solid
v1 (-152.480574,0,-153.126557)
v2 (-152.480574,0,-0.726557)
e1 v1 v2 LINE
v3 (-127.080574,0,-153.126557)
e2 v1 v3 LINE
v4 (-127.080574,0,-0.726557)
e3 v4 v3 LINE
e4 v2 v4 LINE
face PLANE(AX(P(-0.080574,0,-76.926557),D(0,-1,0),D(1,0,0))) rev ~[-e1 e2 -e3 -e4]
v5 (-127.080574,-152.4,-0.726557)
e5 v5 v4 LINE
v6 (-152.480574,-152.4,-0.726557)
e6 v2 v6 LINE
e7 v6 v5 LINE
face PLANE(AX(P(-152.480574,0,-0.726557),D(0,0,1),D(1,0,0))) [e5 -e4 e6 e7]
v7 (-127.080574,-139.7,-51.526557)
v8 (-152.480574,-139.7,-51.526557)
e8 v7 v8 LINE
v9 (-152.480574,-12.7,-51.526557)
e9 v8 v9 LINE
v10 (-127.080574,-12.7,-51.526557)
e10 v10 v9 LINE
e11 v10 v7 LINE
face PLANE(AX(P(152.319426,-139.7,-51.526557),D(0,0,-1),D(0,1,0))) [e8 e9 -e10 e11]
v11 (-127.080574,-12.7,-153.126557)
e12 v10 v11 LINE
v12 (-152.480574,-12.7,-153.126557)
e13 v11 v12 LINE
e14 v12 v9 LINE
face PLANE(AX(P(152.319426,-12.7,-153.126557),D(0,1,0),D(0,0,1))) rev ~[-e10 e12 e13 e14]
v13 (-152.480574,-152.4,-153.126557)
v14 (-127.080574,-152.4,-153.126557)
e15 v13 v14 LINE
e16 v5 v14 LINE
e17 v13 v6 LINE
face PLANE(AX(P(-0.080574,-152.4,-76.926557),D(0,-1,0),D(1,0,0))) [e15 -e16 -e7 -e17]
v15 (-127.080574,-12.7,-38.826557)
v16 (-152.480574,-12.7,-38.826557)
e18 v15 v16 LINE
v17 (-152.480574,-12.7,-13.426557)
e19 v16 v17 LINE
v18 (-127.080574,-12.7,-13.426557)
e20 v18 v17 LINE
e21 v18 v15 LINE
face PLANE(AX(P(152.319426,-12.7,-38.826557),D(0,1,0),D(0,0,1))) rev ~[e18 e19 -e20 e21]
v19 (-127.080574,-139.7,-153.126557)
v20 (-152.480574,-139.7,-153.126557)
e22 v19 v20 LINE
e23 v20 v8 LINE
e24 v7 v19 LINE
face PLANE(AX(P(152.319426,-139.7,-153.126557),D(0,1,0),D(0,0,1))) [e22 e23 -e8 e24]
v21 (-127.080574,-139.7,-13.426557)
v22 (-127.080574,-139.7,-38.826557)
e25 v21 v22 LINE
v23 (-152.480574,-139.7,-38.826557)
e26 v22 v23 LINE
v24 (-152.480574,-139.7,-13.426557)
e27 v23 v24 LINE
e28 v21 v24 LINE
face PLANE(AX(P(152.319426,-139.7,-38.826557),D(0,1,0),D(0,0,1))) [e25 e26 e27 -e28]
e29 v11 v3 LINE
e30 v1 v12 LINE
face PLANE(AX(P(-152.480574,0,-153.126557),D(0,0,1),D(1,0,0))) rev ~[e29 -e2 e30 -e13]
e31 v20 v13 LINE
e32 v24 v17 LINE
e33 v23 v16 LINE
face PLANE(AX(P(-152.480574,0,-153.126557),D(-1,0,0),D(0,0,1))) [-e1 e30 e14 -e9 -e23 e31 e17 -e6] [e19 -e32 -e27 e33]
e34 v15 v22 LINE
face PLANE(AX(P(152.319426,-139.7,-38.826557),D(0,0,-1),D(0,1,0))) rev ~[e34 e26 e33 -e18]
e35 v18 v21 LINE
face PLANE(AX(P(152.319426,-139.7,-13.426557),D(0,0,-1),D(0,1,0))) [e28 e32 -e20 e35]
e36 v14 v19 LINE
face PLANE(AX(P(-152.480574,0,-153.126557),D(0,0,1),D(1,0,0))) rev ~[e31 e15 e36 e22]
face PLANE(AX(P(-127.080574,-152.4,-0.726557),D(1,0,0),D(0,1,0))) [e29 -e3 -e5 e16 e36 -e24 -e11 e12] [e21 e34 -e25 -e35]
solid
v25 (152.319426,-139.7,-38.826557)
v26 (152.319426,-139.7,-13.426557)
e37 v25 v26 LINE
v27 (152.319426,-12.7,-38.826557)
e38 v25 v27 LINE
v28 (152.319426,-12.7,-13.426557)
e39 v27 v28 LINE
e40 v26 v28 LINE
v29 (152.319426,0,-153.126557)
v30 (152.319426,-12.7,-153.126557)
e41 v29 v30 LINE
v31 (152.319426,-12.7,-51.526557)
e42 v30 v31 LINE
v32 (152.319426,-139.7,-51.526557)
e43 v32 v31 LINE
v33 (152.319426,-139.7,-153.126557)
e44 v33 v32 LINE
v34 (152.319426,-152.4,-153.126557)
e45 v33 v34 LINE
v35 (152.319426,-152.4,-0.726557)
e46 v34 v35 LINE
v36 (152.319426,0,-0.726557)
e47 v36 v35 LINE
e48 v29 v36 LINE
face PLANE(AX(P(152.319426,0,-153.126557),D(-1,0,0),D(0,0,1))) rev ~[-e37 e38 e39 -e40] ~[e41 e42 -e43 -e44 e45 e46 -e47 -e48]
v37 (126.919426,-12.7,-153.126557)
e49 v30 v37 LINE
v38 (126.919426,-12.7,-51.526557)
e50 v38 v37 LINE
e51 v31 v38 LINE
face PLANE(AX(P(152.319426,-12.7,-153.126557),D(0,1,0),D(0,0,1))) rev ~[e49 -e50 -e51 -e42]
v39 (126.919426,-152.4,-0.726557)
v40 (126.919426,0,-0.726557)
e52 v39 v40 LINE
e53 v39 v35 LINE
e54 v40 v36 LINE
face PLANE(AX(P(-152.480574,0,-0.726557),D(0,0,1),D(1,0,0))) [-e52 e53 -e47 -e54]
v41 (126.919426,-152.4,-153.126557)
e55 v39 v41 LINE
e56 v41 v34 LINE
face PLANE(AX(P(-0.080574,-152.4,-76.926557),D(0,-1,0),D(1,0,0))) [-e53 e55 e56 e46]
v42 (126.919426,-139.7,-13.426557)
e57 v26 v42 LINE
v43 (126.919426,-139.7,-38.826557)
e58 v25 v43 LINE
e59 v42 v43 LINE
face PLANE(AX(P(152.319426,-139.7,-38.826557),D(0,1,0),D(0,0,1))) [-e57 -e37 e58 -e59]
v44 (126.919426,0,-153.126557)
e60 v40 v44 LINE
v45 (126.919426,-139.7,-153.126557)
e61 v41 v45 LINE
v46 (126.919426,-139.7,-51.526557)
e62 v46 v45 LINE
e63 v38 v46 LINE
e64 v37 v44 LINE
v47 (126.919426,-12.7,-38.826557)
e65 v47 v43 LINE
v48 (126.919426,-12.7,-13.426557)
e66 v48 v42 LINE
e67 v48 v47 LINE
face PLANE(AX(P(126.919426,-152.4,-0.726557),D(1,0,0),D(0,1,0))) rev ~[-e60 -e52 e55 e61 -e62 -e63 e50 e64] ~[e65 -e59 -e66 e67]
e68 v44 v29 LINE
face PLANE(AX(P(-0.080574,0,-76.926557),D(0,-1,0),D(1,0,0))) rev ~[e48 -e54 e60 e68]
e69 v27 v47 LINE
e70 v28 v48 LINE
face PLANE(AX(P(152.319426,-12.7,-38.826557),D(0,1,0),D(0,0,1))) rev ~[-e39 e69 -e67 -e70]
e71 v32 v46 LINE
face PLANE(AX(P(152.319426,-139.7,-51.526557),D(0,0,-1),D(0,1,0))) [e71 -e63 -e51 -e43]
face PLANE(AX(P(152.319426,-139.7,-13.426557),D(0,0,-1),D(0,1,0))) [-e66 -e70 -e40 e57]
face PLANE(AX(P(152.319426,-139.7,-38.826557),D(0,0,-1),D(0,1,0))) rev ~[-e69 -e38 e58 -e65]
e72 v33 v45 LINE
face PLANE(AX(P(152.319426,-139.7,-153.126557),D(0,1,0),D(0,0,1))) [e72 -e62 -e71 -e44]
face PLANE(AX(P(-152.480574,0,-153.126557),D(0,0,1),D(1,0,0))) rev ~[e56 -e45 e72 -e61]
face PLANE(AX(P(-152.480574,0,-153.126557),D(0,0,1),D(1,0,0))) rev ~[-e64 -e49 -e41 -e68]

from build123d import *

# Parameters (mm, degrees)
F0_W     = 304.8
F0_H     = 152.4
F1_DEPTH = 152.4
F2_W     = 127
F2_H     = 101.6
F2_H_2   = 25.4
F3_DEPTH = 304.8
F4_W     = 254
F4_H     = 152.4
F5_DEPTH = 152.4


with BuildPart() as f1:
    # F0 (on Front) → F1 (new body)
    with BuildSketch(Plane.XZ):
        with Locations((-0.0805743039, -76.9265565288)):
            Rectangle(F0_W, F0_H)
    extrude(amount=F1_DEPTH)

    # F2 (on face) → F3 (cut)
    with BuildSketch(Plane.YZ.offset(152.3194256961)):
        with Locations((-76.2, -102.3265565288)):
            Rectangle(F2_W, F2_H)
        with Locations((-76.2, -26.1265565288)):
            Rectangle(F2_W, F2_H_2)
    extrude(amount=-F3_DEPTH, mode=Mode.SUBTRACT)

    # F4 (on face) → F5 (cut)
    with BuildSketch(Plane.XY.offset(-0.7265565288)):
        with Locations((-0.0805743039, -76.2)):
            Rectangle(F4_W, F4_H)
    extrude(amount=-F5_DEPTH, mode=Mode.SUBTRACT)


solid = f1.part
